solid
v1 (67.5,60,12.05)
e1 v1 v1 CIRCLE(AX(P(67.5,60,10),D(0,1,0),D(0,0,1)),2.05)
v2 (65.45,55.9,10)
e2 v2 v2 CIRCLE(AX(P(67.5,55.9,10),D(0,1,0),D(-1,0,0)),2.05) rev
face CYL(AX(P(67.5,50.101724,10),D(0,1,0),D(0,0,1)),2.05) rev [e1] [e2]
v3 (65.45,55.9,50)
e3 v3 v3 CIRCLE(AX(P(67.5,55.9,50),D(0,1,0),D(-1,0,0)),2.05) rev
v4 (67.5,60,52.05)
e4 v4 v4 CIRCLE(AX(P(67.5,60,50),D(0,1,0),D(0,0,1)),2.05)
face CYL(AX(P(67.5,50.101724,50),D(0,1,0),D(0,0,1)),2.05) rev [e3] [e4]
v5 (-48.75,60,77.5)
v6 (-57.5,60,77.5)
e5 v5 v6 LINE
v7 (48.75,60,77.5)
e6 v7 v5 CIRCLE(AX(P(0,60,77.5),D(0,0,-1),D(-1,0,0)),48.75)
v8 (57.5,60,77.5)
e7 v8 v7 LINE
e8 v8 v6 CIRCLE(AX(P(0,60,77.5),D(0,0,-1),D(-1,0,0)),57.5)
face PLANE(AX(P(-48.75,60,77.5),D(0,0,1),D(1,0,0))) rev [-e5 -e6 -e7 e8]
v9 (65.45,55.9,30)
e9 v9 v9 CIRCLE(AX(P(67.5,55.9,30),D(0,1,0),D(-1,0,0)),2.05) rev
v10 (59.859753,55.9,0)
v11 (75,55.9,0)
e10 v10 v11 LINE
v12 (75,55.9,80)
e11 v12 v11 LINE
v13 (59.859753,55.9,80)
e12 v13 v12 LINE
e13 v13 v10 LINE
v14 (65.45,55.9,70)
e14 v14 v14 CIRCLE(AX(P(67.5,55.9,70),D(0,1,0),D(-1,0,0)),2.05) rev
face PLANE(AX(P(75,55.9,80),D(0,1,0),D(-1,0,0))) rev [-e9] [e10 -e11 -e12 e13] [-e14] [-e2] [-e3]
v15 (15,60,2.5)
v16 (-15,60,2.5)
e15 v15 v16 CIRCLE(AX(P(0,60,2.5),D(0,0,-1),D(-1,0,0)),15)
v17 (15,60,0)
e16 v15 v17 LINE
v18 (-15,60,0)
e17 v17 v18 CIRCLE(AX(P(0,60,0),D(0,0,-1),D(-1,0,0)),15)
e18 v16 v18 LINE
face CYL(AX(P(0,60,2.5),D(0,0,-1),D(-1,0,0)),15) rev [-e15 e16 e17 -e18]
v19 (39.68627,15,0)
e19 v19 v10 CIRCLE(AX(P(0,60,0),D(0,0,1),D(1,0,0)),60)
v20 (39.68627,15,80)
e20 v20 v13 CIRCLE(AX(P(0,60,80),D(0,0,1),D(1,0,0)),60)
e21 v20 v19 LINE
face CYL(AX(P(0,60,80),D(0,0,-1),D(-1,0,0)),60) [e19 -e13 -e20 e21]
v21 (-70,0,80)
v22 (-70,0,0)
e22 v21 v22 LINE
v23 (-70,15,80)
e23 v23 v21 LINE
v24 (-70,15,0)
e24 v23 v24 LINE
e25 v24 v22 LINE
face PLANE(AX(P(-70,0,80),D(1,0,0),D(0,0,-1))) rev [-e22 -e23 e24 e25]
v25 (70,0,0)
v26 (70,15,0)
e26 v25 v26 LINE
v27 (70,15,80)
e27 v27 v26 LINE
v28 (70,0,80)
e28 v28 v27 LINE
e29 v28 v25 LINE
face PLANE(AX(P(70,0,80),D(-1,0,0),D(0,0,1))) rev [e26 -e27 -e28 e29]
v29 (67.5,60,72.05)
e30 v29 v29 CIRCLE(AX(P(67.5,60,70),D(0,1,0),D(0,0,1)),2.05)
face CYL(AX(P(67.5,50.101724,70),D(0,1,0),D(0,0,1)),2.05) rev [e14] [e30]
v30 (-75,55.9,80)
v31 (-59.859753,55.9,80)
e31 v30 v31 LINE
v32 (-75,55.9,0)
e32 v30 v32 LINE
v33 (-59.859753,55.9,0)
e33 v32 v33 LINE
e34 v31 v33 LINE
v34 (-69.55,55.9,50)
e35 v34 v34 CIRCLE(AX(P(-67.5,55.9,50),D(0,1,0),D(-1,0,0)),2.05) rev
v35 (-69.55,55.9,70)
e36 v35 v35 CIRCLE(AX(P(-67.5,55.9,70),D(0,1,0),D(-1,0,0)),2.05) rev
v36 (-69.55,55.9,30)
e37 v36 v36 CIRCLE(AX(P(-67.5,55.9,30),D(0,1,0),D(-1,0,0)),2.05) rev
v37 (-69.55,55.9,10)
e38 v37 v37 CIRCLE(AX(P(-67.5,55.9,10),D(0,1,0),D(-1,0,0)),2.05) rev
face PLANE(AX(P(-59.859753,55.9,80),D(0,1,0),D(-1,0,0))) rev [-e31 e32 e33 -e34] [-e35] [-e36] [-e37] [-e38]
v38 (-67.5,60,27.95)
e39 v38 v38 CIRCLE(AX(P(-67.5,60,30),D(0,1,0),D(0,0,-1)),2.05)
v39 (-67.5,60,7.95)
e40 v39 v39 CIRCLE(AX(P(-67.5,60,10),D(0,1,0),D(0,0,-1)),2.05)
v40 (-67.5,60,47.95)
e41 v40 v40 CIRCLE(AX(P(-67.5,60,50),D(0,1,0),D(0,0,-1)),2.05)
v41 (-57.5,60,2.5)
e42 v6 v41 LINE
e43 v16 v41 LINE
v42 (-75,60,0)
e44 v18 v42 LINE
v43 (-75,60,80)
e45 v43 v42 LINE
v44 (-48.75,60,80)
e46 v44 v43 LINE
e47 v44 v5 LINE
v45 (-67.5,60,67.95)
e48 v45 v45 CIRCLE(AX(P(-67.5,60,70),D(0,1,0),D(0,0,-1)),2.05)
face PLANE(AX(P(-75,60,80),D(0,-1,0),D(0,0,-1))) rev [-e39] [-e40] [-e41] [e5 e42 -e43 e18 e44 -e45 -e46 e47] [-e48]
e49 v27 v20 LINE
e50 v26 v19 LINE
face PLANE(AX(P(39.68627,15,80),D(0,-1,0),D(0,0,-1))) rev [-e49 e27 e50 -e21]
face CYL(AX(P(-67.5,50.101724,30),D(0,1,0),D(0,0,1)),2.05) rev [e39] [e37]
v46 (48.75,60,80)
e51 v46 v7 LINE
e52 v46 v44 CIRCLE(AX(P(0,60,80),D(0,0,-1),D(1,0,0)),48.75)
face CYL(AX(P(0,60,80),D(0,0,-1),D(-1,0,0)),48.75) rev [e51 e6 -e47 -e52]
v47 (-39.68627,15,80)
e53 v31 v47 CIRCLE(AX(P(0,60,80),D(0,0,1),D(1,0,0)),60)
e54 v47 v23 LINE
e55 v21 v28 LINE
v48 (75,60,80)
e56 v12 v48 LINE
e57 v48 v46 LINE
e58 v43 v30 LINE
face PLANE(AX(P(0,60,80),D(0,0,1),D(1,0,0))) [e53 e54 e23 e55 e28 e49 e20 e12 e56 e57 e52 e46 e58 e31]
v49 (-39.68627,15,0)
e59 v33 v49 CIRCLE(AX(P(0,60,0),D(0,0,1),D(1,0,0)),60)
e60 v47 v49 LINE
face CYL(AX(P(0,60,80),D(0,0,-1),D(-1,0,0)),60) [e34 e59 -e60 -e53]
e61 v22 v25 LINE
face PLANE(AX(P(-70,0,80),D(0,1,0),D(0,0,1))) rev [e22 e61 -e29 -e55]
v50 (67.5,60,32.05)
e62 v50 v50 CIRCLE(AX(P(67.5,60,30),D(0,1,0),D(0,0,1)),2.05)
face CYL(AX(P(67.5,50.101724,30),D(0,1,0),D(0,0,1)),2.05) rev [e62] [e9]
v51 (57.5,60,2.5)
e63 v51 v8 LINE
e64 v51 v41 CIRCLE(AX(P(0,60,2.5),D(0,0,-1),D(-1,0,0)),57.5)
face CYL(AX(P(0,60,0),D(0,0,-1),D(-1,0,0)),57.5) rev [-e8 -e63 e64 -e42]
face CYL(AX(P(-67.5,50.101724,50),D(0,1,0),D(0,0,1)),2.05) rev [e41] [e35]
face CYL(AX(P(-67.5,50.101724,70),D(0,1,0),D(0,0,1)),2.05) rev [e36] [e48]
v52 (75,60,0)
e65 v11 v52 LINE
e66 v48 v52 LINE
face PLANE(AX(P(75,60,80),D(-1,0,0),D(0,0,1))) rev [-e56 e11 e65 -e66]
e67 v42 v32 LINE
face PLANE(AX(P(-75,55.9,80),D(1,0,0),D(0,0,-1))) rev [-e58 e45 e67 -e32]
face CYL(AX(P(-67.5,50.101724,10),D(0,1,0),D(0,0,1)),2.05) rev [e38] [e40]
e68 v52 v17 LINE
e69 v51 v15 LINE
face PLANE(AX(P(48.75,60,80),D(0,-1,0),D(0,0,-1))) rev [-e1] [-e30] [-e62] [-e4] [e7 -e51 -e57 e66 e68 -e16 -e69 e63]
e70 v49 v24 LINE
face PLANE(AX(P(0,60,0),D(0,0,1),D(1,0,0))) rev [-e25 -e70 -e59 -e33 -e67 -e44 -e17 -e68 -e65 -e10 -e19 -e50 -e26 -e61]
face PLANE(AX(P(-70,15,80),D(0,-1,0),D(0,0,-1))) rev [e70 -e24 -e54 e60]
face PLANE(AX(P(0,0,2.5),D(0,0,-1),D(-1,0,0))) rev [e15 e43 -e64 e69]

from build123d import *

# Parameters (mm, degrees)
BOSS_EXTRUDE1_DEPTH = 80
BOSS_EXTRUDE2_DEPTH = 2.5
SKETCH4_W           = 8.75
SKETCH4_H           = 75
SKETCH5_R           = 2.05
CUT_EXTRUDE1_DEPTH  = 4.1


with BuildPart() as part:
    # Sketch1 → Boss-Extrude1 (new body)
    with BuildSketch(Plane.XY):
        with BuildLine():
            Line((-70, 0), (70, 0))
            Line((70, 0), (70, 15))
            Line((70, 15), (39.686269666, 15))
            ThreePointArc((39.686269666, 15), (53.810362803, 33.458619949), (59.859752756, 55.9))
            Line((59.859752756, 55.9), (75, 55.9))
            Line((75, 55.9), (75, 60))
            Line((75, 60), (48.75, 60))
            ThreePointArc((48.75, 60), (0, 11.25), (-48.75, 60))
            Line((-48.75, 60), (-75, 60))
            Line((-75, 60), (-75, 55.9))
            Line((-75, 55.9), (-59.859752756, 55.9))
            ThreePointArc((-59.859752756, 55.9), (-53.810362803, 33.458619949), (-39.686269666, 15))
            Line((-39.686269666, 15), (-70, 15))
            Line((-70, 15), (-70, 0))
        make_face()
    extrude(amount=BOSS_EXTRUDE1_DEPTH)

    # Sketch3 → Boss-Extrude2 (add)
    with BuildSketch(Plane(origin=(0, 0, 0), x_dir=(-1, 0, 0), z_dir=(0, 0, -1))):
        with BuildLine():
            ThreePointArc((-15, 60), (0, 45), (15, 60))
            Line((15, 60), (48.75, 60))
            ThreePointArc((48.75, 60), (0, 11.25), (-48.75, 60))
            Line((-48.75, 60), (-15, 60))
        make_face()
    extrude(amount=-BOSS_EXTRUDE2_DEPTH)

    # Sketch4 → Cut-Revolve1 (revolve, cut)
    with BuildSketch(Plane(origin=(0, 60, 0), x_dir=(1, 0, 0), z_dir=(0, 1, 0))):
        with Locations((-53.125, -40)):
            Rectangle(SKETCH4_W, SKETCH4_H)
    revolve(axis=Axis((0, 60, 0), (0, 0, 1)), mode=Mode.SUBTRACT)

    # Sketch5 → Cut-Extrude1 (cut)
    with BuildSketch(Plane(origin=(0, 60, 0), x_dir=(1, 0, 0), z_dir=(0, 1, 0))):
        with Locations(Location((67.5, -70, 0), (0, 0, 270))):
            Circle(SKETCH5_R)
        with Locations(Location((67.5, -50, 0), (0, 0, 270))):
            Circle(SKETCH5_R)
        with Locations(Location((67.5, -30, 0), (0, 0, 270))):
            Circle(SKETCH5_R)
        with Locations(Location((67.5, -10, 0), (0, 0, 270))):
            Circle(SKETCH5_R)
        with Locations(Location((-67.5, -10, 0), (0, 0, 180))):
            Circle(SKETCH5_R)
        with Locations(Location((-67.5, -30, 0), (0, 0, 180))):
            Circle(SKETCH5_R)
        with Locations(Location((-67.5, -50, 0), (0, 0, 180))):
            Circle(SKETCH5_R)
        with Locations(Location((-67.5, -70, 0), (0, 0, 180))):
            Circle(SKETCH5_R)
    extrude(amount=-CUT_EXTRUDE1_DEPTH, mode=Mode.SUBTRACT)


solid = part.part
